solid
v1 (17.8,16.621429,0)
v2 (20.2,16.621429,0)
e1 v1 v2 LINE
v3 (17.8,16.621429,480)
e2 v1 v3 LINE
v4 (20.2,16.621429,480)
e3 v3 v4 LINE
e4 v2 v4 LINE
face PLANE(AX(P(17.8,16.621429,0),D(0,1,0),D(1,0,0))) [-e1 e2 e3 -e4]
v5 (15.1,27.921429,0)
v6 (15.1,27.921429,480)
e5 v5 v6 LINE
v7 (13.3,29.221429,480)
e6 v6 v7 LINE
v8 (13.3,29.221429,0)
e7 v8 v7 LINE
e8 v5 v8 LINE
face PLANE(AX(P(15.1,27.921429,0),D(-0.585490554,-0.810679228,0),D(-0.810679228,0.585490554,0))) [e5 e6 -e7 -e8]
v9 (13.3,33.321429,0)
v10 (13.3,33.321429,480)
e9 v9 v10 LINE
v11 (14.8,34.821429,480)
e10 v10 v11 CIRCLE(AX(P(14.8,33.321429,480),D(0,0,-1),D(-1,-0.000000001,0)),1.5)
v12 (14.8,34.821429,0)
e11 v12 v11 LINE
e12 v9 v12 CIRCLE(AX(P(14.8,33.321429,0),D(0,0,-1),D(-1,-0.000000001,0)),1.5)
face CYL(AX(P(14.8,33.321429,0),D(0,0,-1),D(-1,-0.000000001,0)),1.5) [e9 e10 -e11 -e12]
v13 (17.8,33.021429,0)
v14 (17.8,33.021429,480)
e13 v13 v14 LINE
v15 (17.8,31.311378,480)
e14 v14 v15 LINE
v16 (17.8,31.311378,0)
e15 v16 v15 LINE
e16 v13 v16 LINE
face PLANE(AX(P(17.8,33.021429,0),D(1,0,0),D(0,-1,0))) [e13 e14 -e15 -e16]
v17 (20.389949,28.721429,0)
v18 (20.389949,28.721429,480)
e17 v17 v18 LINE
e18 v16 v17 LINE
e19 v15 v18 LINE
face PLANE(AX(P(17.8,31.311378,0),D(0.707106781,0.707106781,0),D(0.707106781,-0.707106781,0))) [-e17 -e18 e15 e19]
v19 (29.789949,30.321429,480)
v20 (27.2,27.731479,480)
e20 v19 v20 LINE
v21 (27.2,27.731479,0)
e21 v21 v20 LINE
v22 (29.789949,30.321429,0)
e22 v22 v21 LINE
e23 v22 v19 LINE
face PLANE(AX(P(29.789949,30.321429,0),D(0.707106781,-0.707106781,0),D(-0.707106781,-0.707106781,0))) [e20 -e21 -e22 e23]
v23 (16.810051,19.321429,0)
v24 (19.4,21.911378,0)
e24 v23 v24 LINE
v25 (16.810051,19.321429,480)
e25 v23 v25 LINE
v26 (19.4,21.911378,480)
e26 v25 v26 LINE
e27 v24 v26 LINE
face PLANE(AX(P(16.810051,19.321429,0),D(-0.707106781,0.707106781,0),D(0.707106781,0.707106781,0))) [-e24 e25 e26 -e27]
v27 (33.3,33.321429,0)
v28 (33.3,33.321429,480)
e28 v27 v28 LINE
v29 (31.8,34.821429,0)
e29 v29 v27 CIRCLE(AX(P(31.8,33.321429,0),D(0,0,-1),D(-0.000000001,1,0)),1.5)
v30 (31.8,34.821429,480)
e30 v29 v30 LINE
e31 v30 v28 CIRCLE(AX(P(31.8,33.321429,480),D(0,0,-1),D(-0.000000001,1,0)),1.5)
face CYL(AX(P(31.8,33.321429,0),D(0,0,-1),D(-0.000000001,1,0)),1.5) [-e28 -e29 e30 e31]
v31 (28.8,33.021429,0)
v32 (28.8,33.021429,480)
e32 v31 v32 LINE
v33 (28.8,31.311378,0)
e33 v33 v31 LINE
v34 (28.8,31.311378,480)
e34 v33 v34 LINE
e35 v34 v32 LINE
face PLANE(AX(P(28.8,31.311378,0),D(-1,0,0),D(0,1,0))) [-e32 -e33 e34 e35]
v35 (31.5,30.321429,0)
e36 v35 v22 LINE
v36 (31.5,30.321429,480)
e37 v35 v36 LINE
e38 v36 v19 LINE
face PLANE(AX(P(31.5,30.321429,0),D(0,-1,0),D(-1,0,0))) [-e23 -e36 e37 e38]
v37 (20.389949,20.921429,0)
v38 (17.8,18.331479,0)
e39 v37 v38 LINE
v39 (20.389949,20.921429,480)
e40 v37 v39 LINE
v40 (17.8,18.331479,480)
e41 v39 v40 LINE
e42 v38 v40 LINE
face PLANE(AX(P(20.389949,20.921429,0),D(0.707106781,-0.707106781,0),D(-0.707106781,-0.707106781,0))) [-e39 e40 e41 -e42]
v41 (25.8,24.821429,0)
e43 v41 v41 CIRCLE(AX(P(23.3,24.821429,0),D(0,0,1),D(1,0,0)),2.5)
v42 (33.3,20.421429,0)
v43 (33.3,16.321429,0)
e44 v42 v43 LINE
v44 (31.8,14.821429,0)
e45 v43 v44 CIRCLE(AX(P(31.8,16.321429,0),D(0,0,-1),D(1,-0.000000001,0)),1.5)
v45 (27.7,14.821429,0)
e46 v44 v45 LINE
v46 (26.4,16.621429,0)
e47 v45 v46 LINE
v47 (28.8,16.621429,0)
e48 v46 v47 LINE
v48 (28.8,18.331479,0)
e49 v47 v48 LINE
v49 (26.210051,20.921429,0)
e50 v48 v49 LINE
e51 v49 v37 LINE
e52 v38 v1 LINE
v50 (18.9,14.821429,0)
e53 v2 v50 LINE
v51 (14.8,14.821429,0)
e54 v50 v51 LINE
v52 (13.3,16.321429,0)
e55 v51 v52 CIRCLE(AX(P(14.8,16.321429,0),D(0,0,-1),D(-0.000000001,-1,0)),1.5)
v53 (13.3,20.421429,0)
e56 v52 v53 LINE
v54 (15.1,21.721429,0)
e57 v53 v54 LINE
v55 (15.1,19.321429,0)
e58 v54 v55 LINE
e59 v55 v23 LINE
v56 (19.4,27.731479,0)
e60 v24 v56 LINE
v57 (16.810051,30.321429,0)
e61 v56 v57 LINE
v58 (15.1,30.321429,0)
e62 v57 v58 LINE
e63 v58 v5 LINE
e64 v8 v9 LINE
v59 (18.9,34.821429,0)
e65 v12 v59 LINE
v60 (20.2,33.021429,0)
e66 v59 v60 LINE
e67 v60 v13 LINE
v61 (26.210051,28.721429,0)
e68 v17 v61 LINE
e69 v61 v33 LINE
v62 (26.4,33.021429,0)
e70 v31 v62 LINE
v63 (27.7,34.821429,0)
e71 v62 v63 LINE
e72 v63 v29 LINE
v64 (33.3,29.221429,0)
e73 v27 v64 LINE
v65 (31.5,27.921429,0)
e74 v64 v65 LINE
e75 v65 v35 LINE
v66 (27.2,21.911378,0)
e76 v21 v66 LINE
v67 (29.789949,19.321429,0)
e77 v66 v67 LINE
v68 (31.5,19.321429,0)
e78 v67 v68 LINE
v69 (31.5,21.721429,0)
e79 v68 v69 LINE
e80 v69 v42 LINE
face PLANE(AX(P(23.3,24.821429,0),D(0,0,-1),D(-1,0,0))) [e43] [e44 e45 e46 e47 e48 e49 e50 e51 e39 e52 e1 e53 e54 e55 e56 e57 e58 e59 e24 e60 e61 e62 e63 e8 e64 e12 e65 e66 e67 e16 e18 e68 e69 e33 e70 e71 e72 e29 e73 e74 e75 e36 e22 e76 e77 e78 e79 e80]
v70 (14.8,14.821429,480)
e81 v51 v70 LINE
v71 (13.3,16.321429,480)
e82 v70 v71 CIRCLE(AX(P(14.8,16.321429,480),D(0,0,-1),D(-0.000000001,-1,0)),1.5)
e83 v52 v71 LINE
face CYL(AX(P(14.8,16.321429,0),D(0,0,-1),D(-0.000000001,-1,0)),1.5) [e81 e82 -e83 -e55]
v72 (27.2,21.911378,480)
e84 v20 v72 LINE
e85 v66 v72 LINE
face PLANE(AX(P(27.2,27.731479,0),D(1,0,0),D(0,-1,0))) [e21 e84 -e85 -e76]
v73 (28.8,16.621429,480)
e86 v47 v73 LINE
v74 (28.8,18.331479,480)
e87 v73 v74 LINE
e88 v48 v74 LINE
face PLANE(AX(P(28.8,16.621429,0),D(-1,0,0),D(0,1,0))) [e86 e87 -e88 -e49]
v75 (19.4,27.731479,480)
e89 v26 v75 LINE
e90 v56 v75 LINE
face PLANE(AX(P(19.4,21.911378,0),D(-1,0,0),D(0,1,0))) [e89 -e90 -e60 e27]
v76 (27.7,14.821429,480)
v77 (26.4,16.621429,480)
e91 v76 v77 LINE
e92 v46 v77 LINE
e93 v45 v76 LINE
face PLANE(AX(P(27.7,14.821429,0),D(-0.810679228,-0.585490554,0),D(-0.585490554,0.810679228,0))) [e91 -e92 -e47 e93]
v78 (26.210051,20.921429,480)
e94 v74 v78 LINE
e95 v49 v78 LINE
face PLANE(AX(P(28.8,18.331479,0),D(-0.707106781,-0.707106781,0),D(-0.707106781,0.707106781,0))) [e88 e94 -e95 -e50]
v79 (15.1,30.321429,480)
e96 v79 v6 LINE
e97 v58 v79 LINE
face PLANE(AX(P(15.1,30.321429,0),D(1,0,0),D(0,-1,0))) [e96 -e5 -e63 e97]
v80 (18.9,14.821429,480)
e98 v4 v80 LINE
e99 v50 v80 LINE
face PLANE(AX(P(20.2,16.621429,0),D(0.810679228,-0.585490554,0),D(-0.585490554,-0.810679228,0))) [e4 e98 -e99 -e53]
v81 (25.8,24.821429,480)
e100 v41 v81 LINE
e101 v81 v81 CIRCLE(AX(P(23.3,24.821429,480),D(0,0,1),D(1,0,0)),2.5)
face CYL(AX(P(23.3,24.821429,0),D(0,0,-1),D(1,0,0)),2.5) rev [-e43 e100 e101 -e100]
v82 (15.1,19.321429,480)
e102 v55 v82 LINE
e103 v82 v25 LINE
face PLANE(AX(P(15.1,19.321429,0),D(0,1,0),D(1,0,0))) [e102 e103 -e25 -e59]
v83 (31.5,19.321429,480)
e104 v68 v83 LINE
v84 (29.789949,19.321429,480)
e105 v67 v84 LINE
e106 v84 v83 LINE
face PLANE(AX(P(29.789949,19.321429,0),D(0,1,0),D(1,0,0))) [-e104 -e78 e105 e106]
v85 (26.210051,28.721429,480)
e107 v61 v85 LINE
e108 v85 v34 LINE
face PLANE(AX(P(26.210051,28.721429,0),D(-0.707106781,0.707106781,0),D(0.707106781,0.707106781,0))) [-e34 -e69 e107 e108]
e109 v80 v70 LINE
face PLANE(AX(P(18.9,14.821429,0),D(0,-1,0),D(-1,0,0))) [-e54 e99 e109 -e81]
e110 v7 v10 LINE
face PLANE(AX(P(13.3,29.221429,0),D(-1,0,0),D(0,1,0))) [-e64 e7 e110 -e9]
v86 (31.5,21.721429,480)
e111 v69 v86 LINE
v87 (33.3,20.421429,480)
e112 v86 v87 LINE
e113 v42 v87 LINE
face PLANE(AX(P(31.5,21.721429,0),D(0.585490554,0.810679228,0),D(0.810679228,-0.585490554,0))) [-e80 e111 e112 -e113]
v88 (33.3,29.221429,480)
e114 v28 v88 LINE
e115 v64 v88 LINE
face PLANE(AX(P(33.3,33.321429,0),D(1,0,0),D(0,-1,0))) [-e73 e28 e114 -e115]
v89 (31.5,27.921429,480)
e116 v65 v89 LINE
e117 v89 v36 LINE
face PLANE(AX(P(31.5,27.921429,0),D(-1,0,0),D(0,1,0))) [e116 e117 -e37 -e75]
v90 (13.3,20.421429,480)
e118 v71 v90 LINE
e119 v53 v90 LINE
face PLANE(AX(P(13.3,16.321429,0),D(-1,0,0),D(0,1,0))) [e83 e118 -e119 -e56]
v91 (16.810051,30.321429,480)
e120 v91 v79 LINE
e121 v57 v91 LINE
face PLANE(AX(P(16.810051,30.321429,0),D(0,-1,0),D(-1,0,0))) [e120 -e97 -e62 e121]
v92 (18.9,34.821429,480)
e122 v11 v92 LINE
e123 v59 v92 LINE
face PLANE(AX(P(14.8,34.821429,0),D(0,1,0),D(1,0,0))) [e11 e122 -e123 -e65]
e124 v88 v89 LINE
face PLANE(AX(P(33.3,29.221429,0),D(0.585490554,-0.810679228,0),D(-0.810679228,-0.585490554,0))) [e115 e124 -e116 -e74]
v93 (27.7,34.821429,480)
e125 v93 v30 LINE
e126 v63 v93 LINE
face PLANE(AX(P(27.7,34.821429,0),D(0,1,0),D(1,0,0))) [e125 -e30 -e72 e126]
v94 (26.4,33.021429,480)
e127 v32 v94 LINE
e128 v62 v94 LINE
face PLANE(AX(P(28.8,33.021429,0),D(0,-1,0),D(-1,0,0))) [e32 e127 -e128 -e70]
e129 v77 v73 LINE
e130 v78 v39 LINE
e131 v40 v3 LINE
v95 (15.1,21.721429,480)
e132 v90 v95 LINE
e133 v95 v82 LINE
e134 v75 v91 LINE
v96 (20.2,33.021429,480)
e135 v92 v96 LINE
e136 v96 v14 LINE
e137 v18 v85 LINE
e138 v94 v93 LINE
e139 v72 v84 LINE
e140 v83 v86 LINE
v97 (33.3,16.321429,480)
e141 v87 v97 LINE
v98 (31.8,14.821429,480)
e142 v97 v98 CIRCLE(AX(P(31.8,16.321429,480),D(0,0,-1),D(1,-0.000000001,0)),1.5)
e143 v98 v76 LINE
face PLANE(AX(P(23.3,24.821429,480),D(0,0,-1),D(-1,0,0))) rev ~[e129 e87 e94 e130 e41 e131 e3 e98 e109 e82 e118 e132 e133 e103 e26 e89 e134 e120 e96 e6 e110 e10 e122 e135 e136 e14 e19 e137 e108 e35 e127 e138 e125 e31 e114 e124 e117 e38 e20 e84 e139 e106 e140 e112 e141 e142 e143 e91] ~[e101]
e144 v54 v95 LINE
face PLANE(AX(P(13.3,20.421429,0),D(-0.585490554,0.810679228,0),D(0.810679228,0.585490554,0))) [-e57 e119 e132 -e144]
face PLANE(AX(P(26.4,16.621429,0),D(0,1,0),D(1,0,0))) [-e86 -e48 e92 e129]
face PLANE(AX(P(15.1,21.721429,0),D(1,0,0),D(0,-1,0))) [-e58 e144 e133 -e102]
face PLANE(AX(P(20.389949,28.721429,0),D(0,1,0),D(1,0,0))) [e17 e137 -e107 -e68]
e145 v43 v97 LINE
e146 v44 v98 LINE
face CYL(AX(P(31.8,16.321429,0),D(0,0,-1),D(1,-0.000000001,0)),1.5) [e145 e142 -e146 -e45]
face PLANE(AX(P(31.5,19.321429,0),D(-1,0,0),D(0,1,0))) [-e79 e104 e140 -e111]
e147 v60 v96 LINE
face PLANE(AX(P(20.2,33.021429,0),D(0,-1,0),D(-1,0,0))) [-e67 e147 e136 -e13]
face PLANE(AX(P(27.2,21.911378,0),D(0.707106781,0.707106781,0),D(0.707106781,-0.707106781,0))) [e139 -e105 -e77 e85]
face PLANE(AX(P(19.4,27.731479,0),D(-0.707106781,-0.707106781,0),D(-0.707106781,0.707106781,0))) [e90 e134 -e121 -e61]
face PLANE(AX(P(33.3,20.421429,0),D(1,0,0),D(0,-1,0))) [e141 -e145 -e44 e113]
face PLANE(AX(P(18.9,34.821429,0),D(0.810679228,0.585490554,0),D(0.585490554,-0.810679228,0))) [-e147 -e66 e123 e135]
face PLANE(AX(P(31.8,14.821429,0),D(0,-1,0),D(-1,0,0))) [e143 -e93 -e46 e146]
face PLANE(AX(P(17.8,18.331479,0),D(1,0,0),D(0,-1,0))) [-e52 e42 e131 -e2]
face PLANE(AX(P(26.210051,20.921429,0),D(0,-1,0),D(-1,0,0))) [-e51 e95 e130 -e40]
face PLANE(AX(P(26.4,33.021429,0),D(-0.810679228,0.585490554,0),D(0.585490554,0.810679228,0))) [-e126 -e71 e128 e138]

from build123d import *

# Parameters (mm, degrees)
SKETCH_1_R      = 2.5
EXTRUDE_1_DEPTH = 480


with BuildPart() as part:
    # 草图1 → 凸台-拉伸1 (new body)
    with BuildSketch(Plane.XY):
        with BuildLine():
            Line((14.8, 34.821428571), (18.9, 34.821428571))
            Line((18.9, 34.821428571), (20.2, 33.021428571))
            Line((20.2, 33.021428571), (17.8, 33.021428571))
            Line((17.8, 33.021428571), (17.8, 31.311378065))
            Line((17.8, 31.311378065), (20.389949494, 28.721428571))
            Line((20.389949494, 28.721428571), (26.210050506, 28.721428571))
            Line((26.210050506, 28.721428571), (28.8, 31.311378065))
            Line((28.8, 31.311378065), (28.8, 33.021428571))
            Line((28.8, 33.021428571), (26.4, 33.021428571))
            Line((26.4, 33.021428571), (27.7, 34.821428571))
            Line((27.7, 34.821428571), (31.8, 34.821428571))
            ThreePointArc((31.8, 34.821428571), (32.860660172, 34.382088743), (33.3, 33.321428571))
            Line((33.3, 33.321428571), (33.3, 29.221428571))
            Line((33.3, 29.221428571), (31.5, 27.921428571))
            Line((31.5, 27.921428571), (31.5, 30.321428571))
            Line((31.5, 30.321428571), (29.789949494, 30.321428571))
            Line((29.789949494, 30.321428571), (27.2, 27.731479078))
            Line((27.2, 27.731479078), (27.2, 21.911378065))
            Line((27.2, 21.911378065), (29.789949494, 19.321428571))
            Line((29.789949494, 19.321428571), (31.5, 19.321428571))
            Line((31.5, 19.321428571), (31.5, 21.721428571))
            Line((31.5, 21.721428571), (33.3, 20.421428571))
            Line((33.3, 20.421428571), (33.3, 16.321428571))
            ThreePointArc((33.3, 16.321428571), (32.860660172, 15.2607684), (31.8, 14.821428571))
            Line((31.8, 14.821428571), (27.7, 14.821428571))
            Line((27.7, 14.821428571), (26.4, 16.621428571))
            Line((26.4, 16.621428571), (28.8, 16.621428571))
            Line((28.8, 16.621428571), (28.8, 18.331479078))
            Line((28.8, 18.331479078), (26.210050506, 20.921428571))
            Line((26.210050506, 20.921428571), (20.389949494, 20.921428571))
            Line((20.389949494, 20.921428571), (17.8, 18.331479078))
            Line((17.8, 18.331479078), (17.8, 16.621428571))
            Line((17.8, 16.621428571), (20.2, 16.621428571))
            Line((20.2, 16.621428571), (18.9, 14.821428571))
            Line((18.9, 14.821428571), (14.8, 14.821428571))
            ThreePointArc((14.8, 14.821428571), (13.739339828, 15.2607684), (13.3, 16.321428571))
            Line((13.3, 16.321428571), (13.3, 20.421428571))
            Line((13.3, 20.421428571), (15.1, 21.721428571))
            Line((15.1, 21.721428571), (15.1, 19.321428571))
            Line((15.1, 19.321428571), (16.810050506, 19.321428571))
            Line((16.810050506, 19.321428571), (19.4, 21.911378065))
            Line((19.4, 21.911378065), (19.4, 27.731479078))
            Line((19.4, 27.731479078), (16.810050506, 30.321428571))
            Line((16.810050506, 30.321428571), (15.1, 30.321428571))
            Line((15.1, 30.321428571), (15.1, 27.921428571))
            Line((15.1, 27.921428571), (13.3, 29.221428571))
            Line((13.3, 29.221428571), (13.3, 33.321428571))
            ThreePointArc((13.3, 33.321428571), (13.739339828, 34.382088743), (14.8, 34.821428571))
        make_face()
        with Locations((23.3, 24.821428571)):
            Circle(SKETCH_1_R, mode=Mode.SUBTRACT)
    extrude(amount=EXTRUDE_1_DEPTH)


solid = part.part
